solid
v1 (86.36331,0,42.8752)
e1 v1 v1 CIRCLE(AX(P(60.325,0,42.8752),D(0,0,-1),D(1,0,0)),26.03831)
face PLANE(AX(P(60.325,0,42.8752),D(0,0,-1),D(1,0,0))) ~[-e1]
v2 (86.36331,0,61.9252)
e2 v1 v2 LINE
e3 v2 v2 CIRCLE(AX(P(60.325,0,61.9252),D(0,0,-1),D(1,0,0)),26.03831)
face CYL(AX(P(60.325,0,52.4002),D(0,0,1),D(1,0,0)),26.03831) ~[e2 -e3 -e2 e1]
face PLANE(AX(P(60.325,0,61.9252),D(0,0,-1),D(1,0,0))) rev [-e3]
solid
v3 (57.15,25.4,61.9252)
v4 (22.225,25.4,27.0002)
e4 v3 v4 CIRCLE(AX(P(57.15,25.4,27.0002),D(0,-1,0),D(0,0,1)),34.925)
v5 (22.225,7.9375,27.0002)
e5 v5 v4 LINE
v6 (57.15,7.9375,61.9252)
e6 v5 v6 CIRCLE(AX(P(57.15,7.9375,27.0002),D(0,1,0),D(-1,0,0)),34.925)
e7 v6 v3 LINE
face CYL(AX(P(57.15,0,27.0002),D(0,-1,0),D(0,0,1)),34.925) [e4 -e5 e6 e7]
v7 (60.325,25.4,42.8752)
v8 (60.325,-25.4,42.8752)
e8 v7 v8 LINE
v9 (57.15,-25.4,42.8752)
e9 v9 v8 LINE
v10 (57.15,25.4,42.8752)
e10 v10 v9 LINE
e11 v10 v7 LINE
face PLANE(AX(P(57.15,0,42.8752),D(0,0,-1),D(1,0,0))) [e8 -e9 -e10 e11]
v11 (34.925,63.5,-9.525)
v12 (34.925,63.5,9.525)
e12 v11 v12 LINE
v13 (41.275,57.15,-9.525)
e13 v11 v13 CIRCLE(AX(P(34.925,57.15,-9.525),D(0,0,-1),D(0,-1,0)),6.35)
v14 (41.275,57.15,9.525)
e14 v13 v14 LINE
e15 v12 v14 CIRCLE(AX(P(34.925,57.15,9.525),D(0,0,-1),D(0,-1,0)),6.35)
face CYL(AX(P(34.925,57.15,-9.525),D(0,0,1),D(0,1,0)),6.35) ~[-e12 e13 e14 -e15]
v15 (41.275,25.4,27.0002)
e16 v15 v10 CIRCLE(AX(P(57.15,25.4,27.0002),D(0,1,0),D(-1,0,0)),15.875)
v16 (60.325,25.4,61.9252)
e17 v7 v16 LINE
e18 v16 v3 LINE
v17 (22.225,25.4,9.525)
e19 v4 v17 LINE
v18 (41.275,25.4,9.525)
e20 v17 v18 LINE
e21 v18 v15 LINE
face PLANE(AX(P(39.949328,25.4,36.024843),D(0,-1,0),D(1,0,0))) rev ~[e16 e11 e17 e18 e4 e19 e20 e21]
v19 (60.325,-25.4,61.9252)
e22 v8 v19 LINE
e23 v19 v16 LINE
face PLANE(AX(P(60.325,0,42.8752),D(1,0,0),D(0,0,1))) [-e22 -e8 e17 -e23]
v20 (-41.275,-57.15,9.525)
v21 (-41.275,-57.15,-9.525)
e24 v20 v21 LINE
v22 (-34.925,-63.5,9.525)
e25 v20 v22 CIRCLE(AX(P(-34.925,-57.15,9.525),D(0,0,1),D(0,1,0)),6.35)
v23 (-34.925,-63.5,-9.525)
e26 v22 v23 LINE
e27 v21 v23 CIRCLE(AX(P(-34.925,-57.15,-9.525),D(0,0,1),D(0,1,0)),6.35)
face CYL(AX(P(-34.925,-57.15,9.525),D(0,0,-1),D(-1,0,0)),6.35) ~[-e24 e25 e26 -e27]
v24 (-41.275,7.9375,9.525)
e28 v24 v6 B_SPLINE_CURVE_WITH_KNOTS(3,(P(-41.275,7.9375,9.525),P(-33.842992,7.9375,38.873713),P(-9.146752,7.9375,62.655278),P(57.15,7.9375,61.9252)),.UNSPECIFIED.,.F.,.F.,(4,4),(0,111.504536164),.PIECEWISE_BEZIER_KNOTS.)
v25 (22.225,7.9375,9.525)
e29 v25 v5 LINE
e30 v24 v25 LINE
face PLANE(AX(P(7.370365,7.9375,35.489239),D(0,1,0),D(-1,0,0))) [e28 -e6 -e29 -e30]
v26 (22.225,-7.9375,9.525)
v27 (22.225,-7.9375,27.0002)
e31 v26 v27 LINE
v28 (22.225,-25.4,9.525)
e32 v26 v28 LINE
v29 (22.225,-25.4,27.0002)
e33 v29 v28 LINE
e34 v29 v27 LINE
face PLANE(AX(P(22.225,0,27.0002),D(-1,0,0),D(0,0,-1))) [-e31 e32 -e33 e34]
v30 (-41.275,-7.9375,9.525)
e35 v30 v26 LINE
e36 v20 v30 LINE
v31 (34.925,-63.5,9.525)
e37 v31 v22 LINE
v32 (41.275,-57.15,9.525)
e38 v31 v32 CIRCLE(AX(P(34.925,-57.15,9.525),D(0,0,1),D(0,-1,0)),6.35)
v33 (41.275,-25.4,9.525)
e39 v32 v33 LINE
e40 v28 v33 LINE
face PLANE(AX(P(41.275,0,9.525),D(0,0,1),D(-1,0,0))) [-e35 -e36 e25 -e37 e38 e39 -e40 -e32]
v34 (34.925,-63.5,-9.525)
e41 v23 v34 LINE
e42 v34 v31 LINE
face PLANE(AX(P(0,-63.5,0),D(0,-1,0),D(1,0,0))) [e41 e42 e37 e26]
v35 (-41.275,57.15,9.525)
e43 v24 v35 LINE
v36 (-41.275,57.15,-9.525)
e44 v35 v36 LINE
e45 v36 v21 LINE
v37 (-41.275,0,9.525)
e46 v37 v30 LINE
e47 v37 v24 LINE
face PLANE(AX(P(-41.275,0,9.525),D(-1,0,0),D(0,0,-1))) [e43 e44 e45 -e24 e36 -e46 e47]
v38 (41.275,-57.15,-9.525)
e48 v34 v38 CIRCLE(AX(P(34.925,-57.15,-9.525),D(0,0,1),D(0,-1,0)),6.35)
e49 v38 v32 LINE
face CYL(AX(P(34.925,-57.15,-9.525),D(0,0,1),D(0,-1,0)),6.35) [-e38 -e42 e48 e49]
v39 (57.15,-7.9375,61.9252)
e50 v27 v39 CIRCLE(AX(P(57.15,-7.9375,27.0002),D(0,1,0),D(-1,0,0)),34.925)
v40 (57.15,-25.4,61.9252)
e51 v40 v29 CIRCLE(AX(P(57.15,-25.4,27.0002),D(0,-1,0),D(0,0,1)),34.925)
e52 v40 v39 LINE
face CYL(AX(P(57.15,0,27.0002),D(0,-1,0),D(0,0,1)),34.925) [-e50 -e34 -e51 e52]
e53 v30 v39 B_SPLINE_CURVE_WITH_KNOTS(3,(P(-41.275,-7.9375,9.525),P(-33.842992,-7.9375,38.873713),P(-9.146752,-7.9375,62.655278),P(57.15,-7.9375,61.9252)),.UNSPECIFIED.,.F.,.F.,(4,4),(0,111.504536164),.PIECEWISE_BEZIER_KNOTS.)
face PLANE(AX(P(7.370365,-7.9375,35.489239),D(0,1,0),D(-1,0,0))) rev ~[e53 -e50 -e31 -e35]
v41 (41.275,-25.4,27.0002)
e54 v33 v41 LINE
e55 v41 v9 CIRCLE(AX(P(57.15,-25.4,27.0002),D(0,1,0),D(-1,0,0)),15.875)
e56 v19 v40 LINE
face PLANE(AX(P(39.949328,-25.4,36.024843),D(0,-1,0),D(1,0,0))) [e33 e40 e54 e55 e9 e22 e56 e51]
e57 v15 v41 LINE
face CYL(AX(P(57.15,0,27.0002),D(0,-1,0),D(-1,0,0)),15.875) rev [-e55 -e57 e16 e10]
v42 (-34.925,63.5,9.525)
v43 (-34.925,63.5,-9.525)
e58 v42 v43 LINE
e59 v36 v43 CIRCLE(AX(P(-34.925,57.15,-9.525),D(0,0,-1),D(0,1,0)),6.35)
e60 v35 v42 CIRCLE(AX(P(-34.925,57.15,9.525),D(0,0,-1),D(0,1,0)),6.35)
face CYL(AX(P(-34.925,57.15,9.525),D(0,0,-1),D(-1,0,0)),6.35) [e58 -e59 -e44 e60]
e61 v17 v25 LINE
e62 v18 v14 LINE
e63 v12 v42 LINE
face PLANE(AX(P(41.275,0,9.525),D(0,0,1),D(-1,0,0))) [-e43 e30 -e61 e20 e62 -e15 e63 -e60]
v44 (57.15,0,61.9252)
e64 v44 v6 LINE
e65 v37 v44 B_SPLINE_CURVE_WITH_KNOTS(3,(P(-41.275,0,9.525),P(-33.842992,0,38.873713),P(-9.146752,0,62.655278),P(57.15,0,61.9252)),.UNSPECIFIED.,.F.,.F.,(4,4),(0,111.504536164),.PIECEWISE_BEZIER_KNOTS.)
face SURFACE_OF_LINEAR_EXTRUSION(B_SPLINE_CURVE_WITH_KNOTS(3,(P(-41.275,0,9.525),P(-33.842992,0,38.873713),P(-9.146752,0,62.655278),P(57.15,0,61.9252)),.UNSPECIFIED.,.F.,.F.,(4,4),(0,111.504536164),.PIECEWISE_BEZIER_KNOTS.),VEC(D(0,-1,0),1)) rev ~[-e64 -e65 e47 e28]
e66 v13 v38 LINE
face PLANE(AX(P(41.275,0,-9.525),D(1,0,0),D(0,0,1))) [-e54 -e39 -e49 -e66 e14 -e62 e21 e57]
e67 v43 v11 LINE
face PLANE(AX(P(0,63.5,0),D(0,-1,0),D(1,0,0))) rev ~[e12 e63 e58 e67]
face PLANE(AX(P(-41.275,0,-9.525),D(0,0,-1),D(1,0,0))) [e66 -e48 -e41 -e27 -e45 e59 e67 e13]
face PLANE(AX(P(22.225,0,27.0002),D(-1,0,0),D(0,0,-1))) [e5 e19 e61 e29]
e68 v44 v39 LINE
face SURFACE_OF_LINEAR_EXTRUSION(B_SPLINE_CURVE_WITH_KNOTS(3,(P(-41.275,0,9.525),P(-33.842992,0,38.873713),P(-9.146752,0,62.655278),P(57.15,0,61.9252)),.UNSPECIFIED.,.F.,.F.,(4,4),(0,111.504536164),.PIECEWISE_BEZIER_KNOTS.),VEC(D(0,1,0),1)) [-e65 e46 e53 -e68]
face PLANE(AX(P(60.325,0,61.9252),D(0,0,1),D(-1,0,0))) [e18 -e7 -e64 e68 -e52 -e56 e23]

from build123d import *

# Parameters (mm, degrees)
F1_DEPTH = 63.5
F2_DEPTH = 25.4
F3_DEPTH = 7.9375
F0_W     = 26.0383098787
F0_H     = 19.05
F5_R     = 6.35


with BuildPart() as f1:
    # F0 (on Front) → F1 (new body, symmetric)
    with BuildSketch(Plane.XZ):
        Polygon((22.225, 9.525), (-41.275, 9.525), (-41.275, -9.525), (41.275, -9.525), (41.275, 9.525), align=None)
    extrude(amount=F1_DEPTH, both=True)

    # F0 (on Front) → F2 (join, symmetric)
    with BuildSketch(Plane.XZ):
        with BuildLine():
            Line((22.225, 27.0002), (22.225, 9.525))
            Line((22.225, 9.525), (41.275, 9.525))
            Line((41.275, 9.525), (41.275, 27.0002))
            ThreePointArc((41.275, 27.0002), (45.9246798487, 38.2255201513), (57.15, 42.8752))
            Line((57.15, 42.8752), (60.325, 42.8752))
            Line((60.325, 42.8752), (60.325, 61.9252))
            Line((60.325, 61.9252), (57.15, 61.9252))
            ThreePointArc((57.15, 61.9252), (32.4542956671, 51.6959043329), (22.225, 27.0002))
        make_face()
    extrude(amount=F2_DEPTH, both=True)

    # F0 (on Front) → F3 (join, symmetric)
    with BuildSketch(Plane.XZ):
        with BuildLine():
            add(Edge.make_bspline(
                [(-41.275, 9.525), (-33.8429920375, 38.8737134635), (-9.1467518359, 62.6552775502), (57.15, 61.9252)],
                knots=[0, 0, 0, 0, 111.5045361635, 111.5045361635, 111.5045361635, 111.5045361635], degree=3))
            Line((-41.275, 9.525), (22.225, 9.525))
            Line((22.225, 9.525), (22.225, 27.0002))
            ThreePointArc((22.225, 27.0002), (32.4542956671, 51.6959043329), (57.15, 61.9252))
        make_face()
    extrude(amount=F3_DEPTH, both=True)

    # F5
    f5_edges = [f1.edges().sort_by_distance(p)[0] for p in [
        (-41.275, -63.5, 0),
        (41.275, -63.5, 0),
        (41.275, 63.5, 0),
        (-41.275, 63.5, 0),
    ]]
    fillet(f5_edges, radius=F5_R)


with BuildPart() as f4:
    # F0 (on Front) → F4 (revolve)
    with BuildSketch(Plane.XZ):
        with Locations((73.3441549394, 52.4002)):
            Rectangle(F0_W, F0_H)
    revolve(axis=Axis((60.325, 0, 52.3875), (0, 0, -1)))


solid = Compound([f1.part, f4.part])
